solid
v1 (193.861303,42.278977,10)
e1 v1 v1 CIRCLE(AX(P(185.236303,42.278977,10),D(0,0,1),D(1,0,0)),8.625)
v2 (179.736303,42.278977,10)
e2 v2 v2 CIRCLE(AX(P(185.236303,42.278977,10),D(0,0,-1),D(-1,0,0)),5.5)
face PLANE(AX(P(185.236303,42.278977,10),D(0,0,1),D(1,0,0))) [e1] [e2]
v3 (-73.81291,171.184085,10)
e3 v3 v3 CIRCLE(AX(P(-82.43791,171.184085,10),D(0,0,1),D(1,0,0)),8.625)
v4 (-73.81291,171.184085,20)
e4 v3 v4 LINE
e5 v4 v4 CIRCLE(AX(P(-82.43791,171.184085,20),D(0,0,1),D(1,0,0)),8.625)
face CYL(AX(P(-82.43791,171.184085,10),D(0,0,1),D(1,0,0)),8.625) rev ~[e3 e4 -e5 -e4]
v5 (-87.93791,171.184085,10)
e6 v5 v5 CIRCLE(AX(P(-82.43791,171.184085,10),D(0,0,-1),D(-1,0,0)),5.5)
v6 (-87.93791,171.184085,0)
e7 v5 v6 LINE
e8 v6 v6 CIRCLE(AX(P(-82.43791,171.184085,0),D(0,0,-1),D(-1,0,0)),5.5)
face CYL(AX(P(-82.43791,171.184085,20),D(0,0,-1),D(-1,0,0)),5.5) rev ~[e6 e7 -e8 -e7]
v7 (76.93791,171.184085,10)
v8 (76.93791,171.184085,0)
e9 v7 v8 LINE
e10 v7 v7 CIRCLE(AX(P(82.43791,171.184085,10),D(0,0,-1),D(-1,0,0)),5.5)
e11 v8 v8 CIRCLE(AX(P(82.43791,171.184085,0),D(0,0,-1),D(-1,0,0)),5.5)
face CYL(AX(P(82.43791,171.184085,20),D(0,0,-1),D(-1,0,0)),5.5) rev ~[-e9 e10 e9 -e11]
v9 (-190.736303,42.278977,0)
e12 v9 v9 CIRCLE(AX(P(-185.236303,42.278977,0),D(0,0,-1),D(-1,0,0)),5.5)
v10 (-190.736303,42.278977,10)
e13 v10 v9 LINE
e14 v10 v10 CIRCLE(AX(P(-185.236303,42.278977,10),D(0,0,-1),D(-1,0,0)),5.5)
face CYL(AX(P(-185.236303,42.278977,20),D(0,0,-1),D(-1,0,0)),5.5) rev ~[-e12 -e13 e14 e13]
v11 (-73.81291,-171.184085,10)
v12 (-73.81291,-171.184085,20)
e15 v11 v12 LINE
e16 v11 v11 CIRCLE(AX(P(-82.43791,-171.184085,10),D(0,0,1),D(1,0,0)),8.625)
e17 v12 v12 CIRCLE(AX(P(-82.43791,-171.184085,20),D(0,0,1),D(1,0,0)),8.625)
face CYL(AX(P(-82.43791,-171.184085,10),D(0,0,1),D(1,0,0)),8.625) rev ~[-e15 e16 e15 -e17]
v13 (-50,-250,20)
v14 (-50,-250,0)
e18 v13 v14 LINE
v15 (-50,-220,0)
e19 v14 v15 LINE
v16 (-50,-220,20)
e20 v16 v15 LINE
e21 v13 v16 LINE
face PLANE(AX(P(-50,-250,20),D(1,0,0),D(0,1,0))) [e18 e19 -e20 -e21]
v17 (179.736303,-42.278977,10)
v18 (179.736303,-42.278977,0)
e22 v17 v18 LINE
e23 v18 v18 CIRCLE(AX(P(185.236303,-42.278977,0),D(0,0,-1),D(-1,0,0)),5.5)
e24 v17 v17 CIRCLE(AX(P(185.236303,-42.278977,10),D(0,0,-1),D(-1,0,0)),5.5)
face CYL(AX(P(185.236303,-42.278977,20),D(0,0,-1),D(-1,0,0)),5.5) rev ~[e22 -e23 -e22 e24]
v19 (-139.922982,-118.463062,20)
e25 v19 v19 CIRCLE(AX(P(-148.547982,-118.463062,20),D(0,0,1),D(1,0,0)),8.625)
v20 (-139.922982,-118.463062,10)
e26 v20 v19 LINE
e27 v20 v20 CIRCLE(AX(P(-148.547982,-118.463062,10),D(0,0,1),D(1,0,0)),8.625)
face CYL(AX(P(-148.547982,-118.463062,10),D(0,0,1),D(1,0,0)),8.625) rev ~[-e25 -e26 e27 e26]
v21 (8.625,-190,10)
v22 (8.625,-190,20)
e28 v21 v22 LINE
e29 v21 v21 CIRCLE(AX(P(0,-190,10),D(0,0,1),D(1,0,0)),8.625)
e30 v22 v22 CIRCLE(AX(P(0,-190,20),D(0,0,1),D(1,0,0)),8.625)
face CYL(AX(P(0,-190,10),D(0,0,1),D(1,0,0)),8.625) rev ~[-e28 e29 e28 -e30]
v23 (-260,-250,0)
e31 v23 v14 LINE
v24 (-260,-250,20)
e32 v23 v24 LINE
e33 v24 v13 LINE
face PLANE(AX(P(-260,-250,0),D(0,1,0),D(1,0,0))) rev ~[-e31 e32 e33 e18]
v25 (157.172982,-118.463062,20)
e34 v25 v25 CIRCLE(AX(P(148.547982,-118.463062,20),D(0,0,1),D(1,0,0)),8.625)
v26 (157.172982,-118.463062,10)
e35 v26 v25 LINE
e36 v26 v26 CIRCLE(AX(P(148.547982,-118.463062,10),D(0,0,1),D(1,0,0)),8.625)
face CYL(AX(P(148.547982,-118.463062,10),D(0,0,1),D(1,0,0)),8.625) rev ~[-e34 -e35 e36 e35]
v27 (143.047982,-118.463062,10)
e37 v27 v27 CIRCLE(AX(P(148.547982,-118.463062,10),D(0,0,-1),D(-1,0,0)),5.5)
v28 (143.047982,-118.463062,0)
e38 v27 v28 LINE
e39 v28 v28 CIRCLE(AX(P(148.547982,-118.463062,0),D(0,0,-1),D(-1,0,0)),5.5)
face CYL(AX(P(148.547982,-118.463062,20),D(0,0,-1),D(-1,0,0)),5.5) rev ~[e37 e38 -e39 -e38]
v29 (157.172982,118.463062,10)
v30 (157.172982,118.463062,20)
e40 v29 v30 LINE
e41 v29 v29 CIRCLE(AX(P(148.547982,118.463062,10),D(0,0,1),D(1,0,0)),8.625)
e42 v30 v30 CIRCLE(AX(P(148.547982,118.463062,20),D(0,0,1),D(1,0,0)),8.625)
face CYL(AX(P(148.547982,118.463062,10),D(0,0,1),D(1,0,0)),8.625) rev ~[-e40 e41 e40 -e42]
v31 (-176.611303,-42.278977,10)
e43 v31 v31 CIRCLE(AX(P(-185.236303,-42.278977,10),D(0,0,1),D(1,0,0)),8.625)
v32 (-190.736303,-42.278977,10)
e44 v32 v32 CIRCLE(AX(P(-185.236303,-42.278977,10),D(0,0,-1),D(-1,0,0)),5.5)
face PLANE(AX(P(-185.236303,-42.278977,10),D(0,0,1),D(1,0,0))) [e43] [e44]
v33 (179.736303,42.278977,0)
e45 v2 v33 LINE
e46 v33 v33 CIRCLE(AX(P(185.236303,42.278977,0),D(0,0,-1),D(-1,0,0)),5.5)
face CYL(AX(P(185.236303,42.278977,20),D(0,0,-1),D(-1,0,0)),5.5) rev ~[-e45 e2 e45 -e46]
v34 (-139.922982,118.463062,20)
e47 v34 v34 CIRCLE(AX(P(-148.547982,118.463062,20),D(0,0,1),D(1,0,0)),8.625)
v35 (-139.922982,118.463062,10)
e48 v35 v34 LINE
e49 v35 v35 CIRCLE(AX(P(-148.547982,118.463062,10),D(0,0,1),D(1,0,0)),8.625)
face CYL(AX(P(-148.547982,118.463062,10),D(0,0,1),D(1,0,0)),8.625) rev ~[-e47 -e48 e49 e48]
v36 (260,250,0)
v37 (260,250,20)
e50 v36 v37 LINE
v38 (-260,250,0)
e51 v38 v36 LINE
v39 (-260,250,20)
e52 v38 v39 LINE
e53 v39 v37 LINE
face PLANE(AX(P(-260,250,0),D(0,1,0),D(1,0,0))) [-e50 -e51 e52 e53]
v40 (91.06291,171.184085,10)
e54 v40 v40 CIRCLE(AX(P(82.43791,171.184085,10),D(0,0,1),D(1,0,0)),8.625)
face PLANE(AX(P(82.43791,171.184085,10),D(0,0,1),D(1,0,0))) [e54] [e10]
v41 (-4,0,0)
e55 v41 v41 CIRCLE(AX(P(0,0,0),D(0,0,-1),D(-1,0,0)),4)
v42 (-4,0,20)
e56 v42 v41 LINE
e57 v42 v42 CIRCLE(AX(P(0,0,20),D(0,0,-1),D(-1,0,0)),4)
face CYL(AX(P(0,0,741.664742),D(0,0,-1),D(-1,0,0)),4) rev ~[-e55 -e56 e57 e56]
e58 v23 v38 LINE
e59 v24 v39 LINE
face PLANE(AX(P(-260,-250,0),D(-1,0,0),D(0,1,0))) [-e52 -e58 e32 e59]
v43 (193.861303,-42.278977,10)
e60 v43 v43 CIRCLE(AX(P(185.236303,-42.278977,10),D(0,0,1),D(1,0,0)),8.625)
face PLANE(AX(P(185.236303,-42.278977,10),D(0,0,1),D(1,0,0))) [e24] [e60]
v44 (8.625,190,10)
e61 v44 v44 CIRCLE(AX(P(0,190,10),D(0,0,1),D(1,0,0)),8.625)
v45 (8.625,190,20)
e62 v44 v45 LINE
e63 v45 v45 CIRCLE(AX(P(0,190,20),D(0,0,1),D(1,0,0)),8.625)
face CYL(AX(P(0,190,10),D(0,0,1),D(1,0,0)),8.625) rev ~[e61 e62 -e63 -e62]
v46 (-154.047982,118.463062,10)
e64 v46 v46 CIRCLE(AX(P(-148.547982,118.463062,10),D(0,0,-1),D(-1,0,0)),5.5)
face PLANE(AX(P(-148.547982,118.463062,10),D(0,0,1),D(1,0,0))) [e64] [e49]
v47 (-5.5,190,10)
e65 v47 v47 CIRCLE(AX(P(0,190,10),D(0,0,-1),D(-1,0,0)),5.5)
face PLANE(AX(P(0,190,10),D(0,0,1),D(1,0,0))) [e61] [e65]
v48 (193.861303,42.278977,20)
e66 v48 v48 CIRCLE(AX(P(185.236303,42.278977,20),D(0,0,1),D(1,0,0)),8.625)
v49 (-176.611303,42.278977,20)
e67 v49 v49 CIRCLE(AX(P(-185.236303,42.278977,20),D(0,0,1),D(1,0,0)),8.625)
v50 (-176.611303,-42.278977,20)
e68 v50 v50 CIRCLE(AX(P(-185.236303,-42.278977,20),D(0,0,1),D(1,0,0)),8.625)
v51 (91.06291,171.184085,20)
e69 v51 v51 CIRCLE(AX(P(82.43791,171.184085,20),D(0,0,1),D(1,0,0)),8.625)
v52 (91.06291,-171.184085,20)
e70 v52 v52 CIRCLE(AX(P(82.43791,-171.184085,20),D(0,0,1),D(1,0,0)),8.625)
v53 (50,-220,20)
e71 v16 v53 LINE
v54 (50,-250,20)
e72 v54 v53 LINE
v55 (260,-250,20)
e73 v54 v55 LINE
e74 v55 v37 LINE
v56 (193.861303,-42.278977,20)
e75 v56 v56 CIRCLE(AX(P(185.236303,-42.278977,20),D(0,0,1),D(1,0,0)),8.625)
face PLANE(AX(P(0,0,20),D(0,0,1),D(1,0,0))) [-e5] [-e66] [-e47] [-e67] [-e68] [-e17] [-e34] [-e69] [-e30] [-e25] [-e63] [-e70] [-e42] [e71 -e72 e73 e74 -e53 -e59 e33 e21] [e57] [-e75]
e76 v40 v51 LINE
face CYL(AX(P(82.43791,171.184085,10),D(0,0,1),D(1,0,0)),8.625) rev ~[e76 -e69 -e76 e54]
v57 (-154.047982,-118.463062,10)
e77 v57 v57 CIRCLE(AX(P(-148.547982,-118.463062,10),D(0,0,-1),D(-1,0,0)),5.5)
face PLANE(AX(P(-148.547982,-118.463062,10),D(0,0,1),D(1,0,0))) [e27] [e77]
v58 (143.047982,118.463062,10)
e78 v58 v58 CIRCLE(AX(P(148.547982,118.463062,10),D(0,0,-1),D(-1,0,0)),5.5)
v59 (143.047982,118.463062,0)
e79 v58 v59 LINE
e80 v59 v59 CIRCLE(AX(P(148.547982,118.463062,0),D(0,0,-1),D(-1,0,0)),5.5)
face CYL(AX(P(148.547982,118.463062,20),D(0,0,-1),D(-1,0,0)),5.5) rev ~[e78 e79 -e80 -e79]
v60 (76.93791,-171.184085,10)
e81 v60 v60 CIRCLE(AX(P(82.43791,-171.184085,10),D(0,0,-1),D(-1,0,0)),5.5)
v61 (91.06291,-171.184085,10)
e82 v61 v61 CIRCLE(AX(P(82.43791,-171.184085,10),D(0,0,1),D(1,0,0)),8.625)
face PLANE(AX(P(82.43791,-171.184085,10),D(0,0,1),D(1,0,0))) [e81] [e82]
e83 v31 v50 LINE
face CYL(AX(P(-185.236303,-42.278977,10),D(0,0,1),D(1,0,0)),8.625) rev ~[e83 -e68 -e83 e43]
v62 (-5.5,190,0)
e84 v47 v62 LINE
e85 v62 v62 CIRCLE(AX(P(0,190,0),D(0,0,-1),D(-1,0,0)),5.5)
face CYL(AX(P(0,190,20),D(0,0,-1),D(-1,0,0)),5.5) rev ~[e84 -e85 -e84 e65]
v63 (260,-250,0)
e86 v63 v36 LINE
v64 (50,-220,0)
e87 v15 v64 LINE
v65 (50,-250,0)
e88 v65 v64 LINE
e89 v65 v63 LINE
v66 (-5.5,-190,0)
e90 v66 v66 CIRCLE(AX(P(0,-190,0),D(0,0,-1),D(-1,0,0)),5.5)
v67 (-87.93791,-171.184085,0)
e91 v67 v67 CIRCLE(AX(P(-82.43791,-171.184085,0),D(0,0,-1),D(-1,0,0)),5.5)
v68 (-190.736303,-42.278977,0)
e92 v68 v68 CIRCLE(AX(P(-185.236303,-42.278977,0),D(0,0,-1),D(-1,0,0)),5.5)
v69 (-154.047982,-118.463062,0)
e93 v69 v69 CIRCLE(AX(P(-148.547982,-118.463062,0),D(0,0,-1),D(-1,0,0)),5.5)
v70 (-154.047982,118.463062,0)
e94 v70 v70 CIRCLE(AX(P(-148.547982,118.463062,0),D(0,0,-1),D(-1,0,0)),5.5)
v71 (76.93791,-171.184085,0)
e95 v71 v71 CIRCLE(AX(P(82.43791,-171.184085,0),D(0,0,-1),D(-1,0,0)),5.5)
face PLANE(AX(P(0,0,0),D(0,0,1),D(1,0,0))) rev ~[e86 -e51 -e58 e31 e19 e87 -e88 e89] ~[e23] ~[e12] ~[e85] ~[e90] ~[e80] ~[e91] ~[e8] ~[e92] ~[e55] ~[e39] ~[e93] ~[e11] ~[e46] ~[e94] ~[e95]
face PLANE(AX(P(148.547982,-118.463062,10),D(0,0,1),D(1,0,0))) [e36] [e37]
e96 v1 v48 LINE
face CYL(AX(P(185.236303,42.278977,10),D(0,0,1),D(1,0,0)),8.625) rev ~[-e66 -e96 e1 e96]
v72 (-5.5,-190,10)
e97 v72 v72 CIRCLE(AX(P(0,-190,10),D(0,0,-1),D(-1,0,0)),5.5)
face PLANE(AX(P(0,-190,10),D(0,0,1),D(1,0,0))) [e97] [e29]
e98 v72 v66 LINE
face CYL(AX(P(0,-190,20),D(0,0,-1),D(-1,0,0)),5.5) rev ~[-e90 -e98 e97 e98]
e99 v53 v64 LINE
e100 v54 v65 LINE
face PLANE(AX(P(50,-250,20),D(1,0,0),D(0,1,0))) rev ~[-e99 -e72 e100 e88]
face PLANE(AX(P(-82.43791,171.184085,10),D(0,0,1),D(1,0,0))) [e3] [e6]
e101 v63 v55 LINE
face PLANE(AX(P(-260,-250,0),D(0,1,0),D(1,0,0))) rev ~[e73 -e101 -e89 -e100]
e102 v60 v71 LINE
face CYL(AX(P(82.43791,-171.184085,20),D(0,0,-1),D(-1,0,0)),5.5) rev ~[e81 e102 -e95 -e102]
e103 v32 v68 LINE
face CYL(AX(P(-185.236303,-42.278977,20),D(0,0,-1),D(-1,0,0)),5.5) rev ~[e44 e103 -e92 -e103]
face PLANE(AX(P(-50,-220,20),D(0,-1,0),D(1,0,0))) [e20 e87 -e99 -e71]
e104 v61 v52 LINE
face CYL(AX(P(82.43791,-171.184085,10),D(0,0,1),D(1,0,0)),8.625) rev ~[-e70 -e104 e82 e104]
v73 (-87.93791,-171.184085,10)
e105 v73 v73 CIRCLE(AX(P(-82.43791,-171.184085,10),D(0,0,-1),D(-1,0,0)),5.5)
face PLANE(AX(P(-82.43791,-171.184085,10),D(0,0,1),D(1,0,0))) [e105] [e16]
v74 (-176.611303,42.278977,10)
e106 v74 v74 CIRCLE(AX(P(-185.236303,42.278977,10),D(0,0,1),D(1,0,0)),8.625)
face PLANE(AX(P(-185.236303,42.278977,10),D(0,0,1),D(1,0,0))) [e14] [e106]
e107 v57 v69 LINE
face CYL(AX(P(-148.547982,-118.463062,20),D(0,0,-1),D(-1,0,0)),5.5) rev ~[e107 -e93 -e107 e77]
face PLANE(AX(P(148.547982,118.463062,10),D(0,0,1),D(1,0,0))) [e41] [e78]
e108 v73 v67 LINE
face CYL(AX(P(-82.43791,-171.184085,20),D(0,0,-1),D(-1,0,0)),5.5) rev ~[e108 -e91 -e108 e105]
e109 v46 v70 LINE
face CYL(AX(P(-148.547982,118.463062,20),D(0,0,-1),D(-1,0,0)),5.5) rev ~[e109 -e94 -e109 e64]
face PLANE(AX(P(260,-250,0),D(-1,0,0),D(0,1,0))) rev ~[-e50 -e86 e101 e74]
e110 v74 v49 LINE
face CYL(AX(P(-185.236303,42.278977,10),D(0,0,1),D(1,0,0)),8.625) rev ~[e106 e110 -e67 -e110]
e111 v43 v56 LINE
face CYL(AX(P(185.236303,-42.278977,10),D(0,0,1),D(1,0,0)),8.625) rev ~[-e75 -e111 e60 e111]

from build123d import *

# Parameters (mm, degrees)
F0_W           = 520
F0_H           = 500
F1_DEPTH       = 20
F3_D           = 11
F3_CBORE_D     = 17.25
F3_CBORE_DEPTH = 10
F4_D           = 8
F5_W           = 100
F5_H           = 30
F6_DEPTH       = 20.001


with BuildPart() as f1:
    # F0 (on Top) → F1 (new body)
    with BuildSketch(Plane.XY):
        Rectangle(F0_W, F0_H)
    extrude(amount=F1_DEPTH)

    # F3 (through all)
    with Locations(Plane.XY.offset(20)):
        with Locations((0, 190), (82.4379104323, 171.1840849015), (148.5479816689, 118.4630623532), (185.2363033145, 42.2789774517), (185.2363033145, -42.2789774517), (148.5479816689, -118.4630623532), (82.4379104323, -171.1840849015), (0, -190), (-82.4379104323, -171.1840849015), (-148.5479816689, -118.4630623532), (-185.2363033145, -42.2789774517), (-185.2363033145, 42.2789774517), (-148.5479816689, 118.4630623532), (-82.4379104323, 171.1840849015)):
            CounterBoreHole(F3_D / 2, F3_CBORE_D / 2, F3_CBORE_DEPTH)

    # F4 (through all)
    with Locations(Plane.XY.offset(20)):
        with Locations((0, 0)):
            Hole(F4_D / 2)

    # F5 (on face) → F6 (cut, through all)
    with BuildSketch(Plane.XY.offset(20)):
        with Locations((0, -235)):
            Rectangle(F5_W, F5_H)
    extrude(amount=-F6_DEPTH, mode=Mode.SUBTRACT)


solid = f1.part
